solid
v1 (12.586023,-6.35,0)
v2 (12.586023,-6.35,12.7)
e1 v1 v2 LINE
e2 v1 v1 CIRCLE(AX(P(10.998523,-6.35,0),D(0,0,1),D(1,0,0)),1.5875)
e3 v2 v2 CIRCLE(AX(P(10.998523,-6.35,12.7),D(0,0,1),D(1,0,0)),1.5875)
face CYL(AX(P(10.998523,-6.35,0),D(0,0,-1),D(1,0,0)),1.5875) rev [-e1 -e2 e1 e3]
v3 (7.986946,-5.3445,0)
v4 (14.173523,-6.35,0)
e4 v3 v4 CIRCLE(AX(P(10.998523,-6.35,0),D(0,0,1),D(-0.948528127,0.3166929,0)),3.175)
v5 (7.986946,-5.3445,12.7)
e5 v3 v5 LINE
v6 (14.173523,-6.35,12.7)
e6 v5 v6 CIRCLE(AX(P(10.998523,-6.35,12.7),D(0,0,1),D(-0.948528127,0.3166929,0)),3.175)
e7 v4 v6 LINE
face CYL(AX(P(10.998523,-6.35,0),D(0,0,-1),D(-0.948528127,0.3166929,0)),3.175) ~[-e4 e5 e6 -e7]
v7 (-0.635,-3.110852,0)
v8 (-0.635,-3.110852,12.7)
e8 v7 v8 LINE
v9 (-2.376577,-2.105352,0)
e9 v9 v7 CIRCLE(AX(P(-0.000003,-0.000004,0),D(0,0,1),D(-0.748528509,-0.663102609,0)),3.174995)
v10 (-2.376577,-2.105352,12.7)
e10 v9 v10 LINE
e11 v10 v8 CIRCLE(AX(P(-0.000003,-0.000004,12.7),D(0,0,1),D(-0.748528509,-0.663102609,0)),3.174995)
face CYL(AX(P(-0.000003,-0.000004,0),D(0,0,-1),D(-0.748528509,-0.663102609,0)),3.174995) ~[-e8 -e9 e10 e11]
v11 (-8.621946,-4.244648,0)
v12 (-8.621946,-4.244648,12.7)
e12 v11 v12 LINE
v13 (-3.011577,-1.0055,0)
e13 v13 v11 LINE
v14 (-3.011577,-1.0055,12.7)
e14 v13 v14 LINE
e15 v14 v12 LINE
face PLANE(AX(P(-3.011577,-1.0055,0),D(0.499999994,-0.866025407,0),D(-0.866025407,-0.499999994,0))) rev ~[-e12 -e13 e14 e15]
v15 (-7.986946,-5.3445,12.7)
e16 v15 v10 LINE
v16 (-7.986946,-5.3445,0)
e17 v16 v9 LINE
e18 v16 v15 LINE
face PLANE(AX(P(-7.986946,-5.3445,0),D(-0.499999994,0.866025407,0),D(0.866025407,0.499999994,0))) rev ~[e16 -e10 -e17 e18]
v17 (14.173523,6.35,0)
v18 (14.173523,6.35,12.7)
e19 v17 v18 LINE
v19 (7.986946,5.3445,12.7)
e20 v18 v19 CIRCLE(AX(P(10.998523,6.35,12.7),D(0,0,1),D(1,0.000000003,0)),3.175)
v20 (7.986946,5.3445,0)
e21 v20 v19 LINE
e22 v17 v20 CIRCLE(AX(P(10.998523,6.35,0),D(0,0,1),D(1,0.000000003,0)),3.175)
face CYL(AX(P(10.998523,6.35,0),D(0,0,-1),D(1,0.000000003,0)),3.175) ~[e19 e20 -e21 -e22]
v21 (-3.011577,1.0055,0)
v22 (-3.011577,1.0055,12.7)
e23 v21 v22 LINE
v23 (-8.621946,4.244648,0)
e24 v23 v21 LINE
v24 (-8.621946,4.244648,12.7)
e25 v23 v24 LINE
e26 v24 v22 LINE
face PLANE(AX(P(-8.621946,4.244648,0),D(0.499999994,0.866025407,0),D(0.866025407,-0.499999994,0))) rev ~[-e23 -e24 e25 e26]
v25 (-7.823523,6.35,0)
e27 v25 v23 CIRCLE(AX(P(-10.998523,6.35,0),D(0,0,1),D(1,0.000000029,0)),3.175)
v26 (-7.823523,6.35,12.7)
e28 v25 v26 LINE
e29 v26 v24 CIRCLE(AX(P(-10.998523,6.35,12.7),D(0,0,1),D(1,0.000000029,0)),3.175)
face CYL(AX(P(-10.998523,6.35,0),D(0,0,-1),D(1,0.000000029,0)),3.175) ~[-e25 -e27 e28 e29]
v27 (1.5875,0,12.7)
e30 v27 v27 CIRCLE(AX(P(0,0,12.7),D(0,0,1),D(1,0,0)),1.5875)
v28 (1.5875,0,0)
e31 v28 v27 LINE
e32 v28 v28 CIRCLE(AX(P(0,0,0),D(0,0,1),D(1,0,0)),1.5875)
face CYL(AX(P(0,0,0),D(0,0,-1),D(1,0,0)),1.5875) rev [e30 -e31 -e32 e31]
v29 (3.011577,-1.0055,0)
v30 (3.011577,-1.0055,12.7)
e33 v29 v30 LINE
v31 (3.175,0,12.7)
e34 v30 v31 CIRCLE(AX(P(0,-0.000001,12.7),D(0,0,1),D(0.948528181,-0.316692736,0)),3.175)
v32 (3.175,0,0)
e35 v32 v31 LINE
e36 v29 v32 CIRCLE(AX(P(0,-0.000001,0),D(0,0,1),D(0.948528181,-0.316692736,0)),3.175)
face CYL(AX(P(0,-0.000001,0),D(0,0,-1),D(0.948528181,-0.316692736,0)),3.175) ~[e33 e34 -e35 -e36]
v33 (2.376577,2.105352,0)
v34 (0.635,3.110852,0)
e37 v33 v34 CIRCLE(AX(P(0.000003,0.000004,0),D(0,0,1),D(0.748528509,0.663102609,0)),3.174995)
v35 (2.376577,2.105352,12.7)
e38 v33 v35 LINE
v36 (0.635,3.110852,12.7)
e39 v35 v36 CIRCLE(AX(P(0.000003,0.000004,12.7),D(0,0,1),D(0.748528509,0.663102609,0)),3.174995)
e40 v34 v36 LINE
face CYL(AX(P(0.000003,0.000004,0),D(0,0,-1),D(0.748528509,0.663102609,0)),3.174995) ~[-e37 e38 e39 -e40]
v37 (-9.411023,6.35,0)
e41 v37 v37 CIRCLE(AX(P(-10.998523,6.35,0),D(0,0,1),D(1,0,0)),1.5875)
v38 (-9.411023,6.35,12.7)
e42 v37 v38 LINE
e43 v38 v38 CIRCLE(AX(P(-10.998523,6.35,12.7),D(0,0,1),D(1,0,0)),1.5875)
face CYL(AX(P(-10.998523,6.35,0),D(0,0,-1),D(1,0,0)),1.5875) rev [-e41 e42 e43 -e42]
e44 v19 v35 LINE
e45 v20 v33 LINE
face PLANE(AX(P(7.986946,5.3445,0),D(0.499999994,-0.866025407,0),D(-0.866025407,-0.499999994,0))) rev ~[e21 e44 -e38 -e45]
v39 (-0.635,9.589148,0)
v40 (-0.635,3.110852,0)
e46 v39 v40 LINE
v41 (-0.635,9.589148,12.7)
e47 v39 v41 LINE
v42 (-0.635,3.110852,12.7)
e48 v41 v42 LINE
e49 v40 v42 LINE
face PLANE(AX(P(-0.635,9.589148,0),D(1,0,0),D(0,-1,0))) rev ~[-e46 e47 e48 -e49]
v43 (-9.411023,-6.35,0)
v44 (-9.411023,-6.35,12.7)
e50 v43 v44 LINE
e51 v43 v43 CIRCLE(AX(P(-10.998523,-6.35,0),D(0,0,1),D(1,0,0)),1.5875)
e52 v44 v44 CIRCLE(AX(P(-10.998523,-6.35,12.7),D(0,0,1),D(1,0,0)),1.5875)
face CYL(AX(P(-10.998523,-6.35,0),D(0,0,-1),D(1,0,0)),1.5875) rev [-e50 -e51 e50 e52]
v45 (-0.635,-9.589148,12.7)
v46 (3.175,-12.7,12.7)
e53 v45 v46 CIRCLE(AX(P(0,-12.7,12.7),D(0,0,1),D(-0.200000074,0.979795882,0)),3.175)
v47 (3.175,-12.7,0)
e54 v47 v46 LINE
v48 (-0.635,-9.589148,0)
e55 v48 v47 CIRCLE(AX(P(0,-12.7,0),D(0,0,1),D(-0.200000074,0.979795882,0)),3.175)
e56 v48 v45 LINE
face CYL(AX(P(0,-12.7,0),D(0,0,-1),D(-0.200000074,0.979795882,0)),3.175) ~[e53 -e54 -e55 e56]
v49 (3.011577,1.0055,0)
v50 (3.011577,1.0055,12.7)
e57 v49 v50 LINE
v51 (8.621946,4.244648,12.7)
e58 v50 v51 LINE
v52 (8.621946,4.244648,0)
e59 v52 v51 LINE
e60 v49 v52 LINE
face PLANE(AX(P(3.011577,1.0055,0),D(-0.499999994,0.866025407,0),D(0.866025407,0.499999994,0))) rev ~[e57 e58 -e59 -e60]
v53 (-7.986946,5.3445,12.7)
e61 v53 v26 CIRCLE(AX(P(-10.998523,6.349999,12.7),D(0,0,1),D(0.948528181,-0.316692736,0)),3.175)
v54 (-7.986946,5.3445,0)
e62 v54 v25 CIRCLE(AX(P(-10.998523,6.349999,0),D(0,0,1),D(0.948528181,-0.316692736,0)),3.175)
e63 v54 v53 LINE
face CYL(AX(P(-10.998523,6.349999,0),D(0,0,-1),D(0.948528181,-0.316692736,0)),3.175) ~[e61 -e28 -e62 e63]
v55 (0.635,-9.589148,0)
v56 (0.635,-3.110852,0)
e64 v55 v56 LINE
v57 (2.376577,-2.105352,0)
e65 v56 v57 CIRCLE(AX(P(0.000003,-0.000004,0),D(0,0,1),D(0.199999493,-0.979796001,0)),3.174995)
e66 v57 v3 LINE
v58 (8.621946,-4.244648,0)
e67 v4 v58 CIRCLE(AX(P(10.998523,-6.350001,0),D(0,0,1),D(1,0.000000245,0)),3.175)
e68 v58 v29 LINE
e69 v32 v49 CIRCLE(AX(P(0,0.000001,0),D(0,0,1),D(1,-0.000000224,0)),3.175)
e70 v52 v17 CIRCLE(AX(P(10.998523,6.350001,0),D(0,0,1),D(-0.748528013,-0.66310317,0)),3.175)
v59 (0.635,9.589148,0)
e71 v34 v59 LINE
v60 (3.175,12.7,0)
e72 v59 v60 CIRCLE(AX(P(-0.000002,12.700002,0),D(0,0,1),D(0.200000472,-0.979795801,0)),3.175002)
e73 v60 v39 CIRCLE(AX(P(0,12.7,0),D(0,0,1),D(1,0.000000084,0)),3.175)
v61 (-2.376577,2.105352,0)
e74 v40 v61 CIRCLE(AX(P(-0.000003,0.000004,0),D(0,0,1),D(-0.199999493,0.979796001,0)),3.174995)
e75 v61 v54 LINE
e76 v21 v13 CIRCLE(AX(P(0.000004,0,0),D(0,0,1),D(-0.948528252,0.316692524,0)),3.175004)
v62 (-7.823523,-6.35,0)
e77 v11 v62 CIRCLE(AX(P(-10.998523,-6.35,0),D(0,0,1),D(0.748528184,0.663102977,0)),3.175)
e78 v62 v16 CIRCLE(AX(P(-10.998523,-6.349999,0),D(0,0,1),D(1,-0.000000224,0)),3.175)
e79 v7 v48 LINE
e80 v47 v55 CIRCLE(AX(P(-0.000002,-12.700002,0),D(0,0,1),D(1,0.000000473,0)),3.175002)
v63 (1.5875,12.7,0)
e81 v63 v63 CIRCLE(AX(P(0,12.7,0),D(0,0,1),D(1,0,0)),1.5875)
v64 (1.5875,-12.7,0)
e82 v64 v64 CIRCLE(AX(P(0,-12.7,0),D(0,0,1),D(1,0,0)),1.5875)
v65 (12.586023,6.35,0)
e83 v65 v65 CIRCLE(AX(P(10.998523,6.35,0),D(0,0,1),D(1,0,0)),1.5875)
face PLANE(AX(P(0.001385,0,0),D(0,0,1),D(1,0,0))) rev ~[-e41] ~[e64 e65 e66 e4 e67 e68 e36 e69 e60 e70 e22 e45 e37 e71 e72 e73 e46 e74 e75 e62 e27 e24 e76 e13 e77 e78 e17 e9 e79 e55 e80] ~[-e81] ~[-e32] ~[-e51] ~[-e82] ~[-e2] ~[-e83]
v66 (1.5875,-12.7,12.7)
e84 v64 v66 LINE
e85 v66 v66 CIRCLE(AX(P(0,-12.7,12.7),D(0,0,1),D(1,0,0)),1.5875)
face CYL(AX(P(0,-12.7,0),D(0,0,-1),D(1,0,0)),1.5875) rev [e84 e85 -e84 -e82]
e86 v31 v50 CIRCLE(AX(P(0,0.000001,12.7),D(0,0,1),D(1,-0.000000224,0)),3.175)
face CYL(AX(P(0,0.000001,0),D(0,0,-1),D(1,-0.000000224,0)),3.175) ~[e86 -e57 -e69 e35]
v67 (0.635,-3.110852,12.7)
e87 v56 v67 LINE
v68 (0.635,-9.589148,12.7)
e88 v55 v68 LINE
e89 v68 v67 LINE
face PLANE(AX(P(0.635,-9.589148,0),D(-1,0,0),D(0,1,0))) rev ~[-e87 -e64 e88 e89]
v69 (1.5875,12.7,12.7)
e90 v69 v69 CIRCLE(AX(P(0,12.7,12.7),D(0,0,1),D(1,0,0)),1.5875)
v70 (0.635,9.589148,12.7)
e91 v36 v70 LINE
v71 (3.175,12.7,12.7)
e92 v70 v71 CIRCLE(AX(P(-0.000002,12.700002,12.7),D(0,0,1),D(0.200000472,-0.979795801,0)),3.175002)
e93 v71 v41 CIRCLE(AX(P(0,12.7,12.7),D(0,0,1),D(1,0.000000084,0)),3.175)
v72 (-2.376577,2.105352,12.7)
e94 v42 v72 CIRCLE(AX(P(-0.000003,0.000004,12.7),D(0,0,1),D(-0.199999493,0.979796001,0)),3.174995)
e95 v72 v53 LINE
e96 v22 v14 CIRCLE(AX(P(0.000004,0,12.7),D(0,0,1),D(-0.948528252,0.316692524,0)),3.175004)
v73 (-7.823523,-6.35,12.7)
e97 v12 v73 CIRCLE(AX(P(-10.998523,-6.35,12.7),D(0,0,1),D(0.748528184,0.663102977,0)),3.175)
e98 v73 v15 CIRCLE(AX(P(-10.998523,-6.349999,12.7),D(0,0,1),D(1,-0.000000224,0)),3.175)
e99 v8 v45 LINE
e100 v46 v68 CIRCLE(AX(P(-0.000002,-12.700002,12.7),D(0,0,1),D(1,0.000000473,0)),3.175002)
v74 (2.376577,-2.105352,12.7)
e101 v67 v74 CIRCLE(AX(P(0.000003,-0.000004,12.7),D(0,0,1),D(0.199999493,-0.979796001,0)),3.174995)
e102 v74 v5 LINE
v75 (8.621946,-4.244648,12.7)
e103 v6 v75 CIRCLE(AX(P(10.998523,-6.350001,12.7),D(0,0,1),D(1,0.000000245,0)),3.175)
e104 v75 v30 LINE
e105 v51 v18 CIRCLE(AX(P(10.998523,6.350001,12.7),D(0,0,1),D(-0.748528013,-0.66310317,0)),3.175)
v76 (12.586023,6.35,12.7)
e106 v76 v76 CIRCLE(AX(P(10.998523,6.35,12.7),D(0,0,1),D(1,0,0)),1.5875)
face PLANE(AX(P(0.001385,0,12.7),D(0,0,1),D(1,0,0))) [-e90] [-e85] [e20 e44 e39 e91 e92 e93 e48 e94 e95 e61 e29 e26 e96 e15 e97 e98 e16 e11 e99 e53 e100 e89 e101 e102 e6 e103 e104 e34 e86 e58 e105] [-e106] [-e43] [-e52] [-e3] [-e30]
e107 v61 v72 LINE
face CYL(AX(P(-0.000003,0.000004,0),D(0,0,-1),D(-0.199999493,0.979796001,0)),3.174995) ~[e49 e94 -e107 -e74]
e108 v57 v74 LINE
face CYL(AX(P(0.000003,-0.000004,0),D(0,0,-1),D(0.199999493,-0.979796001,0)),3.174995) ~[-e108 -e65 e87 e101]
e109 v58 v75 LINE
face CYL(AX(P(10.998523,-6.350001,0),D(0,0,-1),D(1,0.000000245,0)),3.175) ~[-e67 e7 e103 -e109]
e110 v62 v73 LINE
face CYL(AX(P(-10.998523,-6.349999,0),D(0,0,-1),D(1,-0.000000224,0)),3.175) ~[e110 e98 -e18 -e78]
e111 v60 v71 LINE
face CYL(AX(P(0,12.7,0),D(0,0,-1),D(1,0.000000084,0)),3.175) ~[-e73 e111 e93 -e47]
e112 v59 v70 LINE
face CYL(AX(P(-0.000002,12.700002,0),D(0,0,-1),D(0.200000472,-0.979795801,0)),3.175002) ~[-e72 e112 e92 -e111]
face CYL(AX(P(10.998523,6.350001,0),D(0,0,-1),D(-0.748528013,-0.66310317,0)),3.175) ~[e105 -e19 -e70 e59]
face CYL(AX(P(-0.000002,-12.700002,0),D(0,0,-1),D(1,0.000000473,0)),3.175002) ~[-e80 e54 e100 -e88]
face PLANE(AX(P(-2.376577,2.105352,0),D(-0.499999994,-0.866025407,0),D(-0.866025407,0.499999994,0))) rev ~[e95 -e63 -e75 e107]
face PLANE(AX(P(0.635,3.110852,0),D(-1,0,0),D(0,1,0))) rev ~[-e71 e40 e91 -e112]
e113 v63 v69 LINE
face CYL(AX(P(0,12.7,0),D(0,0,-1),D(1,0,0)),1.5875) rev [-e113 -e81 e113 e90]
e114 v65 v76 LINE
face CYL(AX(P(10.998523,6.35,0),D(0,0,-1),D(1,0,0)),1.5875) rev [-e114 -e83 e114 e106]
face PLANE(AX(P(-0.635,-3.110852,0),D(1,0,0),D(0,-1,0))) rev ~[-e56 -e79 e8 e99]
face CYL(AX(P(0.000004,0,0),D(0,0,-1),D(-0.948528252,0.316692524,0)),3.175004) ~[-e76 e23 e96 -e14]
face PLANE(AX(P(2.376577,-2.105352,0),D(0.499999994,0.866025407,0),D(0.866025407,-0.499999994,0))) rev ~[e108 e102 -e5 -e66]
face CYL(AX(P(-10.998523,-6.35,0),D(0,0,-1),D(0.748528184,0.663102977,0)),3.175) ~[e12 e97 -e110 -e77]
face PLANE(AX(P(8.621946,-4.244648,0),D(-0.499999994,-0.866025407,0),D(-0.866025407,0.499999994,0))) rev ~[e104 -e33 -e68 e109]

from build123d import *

# Parameters (mm, degrees)
F0_R     = 1.5875
F1_DEPTH = 12.7


with BuildPart() as f1:
    # F0 (on Top) → F1 (new body)
    with BuildSketch(Plane.XY):
        with BuildLine():
            ThreePointArc((3.011577, -1.0055), (3.133878, -0.509347), (3.175, 0))
            ThreePointArc((3.175, 0), (3.133878, 0.509347), (3.011577, 1.0055))
            ThreePointArc((3.011577, 1.0055), (2.749631, 1.5875), (2.376577, 2.105352))
            ThreePointArc((2.376577, 2.105352), (1.5875, 2.749631), (0.635, 3.110852))
            ThreePointArc((0.635, 3.110852), (0, 3.175), (-0.635, 3.110852))
            ThreePointArc((-0.635, 3.110852), (-1.5875, 2.749631), (-2.376577, 2.105352))
            ThreePointArc((-2.376577, 2.105352), (-2.749631, 1.5875), (-3.011577, 1.0055))
            ThreePointArc((-3.011577, 1.0055), (-3.175, 0), (-3.011577, -1.0055))
            ThreePointArc((-3.011577, -1.0055), (-2.749631, -1.5875), (-2.376577, -2.105352))
            ThreePointArc((-2.376577, -2.105352), (-1.5875, -2.749631), (-0.635, -3.110852))
            ThreePointArc((-0.635, -3.110852), (0, -3.175), (0.635, -3.110852))
            ThreePointArc((0.635, -3.110852), (1.5875, -2.749631), (2.376577, -2.105352))
            ThreePointArc((2.376577, -2.105352), (2.749631, -1.5875), (3.011577, -1.0055))
        make_face()
        Circle(F0_R, mode=Mode.SUBTRACT)
        with BuildLine():
            ThreePointArc((2.376577, 2.105352), (2.749631, 1.5875), (3.011577, 1.0055))
            Line((3.011577, 1.0055), (8.621946, 4.244648))
            ThreePointArc((8.621946, 4.244648), (8.248892, 4.7625), (7.986946, 5.3445))
            Line((7.986946, 5.3445), (2.376577, 2.105352))
        make_face()
        with BuildLine():
            Line((8.621946, -4.244648), (3.011577, -1.0055))
            ThreePointArc((3.011577, -1.0055), (2.749631, -1.5875), (2.376577, -2.105352))
            Line((2.376577, -2.105352), (7.986946, -5.3445))
            ThreePointArc((7.986946, -5.3445), (8.248892, -4.7625), (8.621946, -4.244648))
        make_face()
        with BuildLine():
            ThreePointArc((7.986946, 5.3445), (8.248892, 4.7625), (8.621946, 4.244648))
            ThreePointArc((8.621946, 4.244648), (12.124354, 3.381309), (14.173523, 6.35))
            ThreePointArc((14.173523, 6.35), (10.489176, 9.483878), (7.986946, 5.3445))
        make_face()
        with Locations((10.998523, 6.35)):
            Circle(F0_R, mode=Mode.SUBTRACT)
        with BuildLine():
            ThreePointArc((14.173523, -6.35), (12.124354, -3.381309), (8.621946, -4.244648))
            ThreePointArc((8.621946, -4.244648), (8.248892, -4.7625), (7.986946, -5.3445))
            ThreePointArc((7.986946, -5.3445), (10.489176, -9.483878), (14.173523, -6.35))
        make_face()
        with Locations((10.998523, -6.35)):
            Circle(F0_R, mode=Mode.SUBTRACT)
        with BuildLine():
            ThreePointArc((-0.635, 3.110852), (0, 3.175), (0.635, 3.110852))
            Line((0.635, 3.110852), (0.635, 9.589148))
            ThreePointArc((0.635, 9.589148), (0, 9.525), (-0.635, 9.589148))
            Line((-0.635, 9.589148), (-0.635, 3.110852))
        make_face()
        with BuildLine():
            Line((0.635, -9.589148), (0.635, -3.110852))
            ThreePointArc((0.635, -3.110852), (0, -3.175), (-0.635, -3.110852))
            Line((-0.635, -3.110852), (-0.635, -9.589148))
            ThreePointArc((-0.635, -9.589148), (0, -9.525), (0.635, -9.589148))
        make_face()
        with BuildLine():
            ThreePointArc((-0.635, 9.589148), (0, 9.525), (0.635, 9.589148))
            ThreePointArc((0.635, 9.589148), (2.459344, 10.691954), (3.175, 12.7))
            ThreePointArc((3.175, 12.7), (-2.008046, 15.159344), (-0.635, 9.589148))
        make_face()
        with Locations((0, 12.7)):
            Circle(F0_R, mode=Mode.SUBTRACT)
        with BuildLine():
            ThreePointArc((3.175, -12.7), (2.459344, -10.691954), (0.635, -9.589148))
            ThreePointArc((0.635, -9.589148), (0, -9.525), (-0.635, -9.589148))
            ThreePointArc((-0.635, -9.589148), (-2.008046, -15.159344), (3.175, -12.7))
        make_face()
        with Locations((0, -12.7)):
            Circle(F0_R, mode=Mode.SUBTRACT)
        with BuildLine():
            ThreePointArc((-3.011577, 1.0055), (-2.749631, 1.5875), (-2.376577, 2.105352))
            Line((-2.376577, 2.105352), (-7.986946, 5.3445))
            ThreePointArc((-7.986946, 5.3445), (-8.248892, 4.7625), (-8.621946, 4.244648))
            Line((-8.621946, 4.244648), (-3.011577, 1.0055))
        make_face()
        with BuildLine():
            Line((-7.986946, -5.3445), (-2.376577, -2.105352))
            ThreePointArc((-2.376577, -2.105352), (-2.749631, -1.5875), (-3.011577, -1.0055))
            Line((-3.011577, -1.0055), (-8.621946, -4.244648))
            ThreePointArc((-8.621946, -4.244648), (-8.248892, -4.7625), (-7.986946, -5.3445))
        make_face()
        with BuildLine():
            ThreePointArc((-8.621946, 4.244648), (-8.248892, 4.7625), (-7.986946, 5.3445))
            ThreePointArc((-7.986946, 5.3445), (-7.864645, 5.840653), (-7.823523, 6.35))
            ThreePointArc((-7.823523, 6.35), (-13.967214, 7.475832), (-8.621946, 4.244648))
        make_face()
        with Locations((-10.998523, 6.35)):
            Circle(F0_R, mode=Mode.SUBTRACT)
        with BuildLine():
            ThreePointArc((-7.823523, -6.35), (-7.864645, -5.840653), (-7.986946, -5.3445))
            ThreePointArc((-7.986946, -5.3445), (-8.248892, -4.7625), (-8.621946, -4.244648))
            ThreePointArc((-8.621946, -4.244648), (-13.967214, -7.475832), (-7.823523, -6.35))
        make_face()
        with Locations((-10.998523, -6.35)):
            Circle(F0_R, mode=Mode.SUBTRACT)
    extrude(amount=F1_DEPTH)


solid = f1.part
